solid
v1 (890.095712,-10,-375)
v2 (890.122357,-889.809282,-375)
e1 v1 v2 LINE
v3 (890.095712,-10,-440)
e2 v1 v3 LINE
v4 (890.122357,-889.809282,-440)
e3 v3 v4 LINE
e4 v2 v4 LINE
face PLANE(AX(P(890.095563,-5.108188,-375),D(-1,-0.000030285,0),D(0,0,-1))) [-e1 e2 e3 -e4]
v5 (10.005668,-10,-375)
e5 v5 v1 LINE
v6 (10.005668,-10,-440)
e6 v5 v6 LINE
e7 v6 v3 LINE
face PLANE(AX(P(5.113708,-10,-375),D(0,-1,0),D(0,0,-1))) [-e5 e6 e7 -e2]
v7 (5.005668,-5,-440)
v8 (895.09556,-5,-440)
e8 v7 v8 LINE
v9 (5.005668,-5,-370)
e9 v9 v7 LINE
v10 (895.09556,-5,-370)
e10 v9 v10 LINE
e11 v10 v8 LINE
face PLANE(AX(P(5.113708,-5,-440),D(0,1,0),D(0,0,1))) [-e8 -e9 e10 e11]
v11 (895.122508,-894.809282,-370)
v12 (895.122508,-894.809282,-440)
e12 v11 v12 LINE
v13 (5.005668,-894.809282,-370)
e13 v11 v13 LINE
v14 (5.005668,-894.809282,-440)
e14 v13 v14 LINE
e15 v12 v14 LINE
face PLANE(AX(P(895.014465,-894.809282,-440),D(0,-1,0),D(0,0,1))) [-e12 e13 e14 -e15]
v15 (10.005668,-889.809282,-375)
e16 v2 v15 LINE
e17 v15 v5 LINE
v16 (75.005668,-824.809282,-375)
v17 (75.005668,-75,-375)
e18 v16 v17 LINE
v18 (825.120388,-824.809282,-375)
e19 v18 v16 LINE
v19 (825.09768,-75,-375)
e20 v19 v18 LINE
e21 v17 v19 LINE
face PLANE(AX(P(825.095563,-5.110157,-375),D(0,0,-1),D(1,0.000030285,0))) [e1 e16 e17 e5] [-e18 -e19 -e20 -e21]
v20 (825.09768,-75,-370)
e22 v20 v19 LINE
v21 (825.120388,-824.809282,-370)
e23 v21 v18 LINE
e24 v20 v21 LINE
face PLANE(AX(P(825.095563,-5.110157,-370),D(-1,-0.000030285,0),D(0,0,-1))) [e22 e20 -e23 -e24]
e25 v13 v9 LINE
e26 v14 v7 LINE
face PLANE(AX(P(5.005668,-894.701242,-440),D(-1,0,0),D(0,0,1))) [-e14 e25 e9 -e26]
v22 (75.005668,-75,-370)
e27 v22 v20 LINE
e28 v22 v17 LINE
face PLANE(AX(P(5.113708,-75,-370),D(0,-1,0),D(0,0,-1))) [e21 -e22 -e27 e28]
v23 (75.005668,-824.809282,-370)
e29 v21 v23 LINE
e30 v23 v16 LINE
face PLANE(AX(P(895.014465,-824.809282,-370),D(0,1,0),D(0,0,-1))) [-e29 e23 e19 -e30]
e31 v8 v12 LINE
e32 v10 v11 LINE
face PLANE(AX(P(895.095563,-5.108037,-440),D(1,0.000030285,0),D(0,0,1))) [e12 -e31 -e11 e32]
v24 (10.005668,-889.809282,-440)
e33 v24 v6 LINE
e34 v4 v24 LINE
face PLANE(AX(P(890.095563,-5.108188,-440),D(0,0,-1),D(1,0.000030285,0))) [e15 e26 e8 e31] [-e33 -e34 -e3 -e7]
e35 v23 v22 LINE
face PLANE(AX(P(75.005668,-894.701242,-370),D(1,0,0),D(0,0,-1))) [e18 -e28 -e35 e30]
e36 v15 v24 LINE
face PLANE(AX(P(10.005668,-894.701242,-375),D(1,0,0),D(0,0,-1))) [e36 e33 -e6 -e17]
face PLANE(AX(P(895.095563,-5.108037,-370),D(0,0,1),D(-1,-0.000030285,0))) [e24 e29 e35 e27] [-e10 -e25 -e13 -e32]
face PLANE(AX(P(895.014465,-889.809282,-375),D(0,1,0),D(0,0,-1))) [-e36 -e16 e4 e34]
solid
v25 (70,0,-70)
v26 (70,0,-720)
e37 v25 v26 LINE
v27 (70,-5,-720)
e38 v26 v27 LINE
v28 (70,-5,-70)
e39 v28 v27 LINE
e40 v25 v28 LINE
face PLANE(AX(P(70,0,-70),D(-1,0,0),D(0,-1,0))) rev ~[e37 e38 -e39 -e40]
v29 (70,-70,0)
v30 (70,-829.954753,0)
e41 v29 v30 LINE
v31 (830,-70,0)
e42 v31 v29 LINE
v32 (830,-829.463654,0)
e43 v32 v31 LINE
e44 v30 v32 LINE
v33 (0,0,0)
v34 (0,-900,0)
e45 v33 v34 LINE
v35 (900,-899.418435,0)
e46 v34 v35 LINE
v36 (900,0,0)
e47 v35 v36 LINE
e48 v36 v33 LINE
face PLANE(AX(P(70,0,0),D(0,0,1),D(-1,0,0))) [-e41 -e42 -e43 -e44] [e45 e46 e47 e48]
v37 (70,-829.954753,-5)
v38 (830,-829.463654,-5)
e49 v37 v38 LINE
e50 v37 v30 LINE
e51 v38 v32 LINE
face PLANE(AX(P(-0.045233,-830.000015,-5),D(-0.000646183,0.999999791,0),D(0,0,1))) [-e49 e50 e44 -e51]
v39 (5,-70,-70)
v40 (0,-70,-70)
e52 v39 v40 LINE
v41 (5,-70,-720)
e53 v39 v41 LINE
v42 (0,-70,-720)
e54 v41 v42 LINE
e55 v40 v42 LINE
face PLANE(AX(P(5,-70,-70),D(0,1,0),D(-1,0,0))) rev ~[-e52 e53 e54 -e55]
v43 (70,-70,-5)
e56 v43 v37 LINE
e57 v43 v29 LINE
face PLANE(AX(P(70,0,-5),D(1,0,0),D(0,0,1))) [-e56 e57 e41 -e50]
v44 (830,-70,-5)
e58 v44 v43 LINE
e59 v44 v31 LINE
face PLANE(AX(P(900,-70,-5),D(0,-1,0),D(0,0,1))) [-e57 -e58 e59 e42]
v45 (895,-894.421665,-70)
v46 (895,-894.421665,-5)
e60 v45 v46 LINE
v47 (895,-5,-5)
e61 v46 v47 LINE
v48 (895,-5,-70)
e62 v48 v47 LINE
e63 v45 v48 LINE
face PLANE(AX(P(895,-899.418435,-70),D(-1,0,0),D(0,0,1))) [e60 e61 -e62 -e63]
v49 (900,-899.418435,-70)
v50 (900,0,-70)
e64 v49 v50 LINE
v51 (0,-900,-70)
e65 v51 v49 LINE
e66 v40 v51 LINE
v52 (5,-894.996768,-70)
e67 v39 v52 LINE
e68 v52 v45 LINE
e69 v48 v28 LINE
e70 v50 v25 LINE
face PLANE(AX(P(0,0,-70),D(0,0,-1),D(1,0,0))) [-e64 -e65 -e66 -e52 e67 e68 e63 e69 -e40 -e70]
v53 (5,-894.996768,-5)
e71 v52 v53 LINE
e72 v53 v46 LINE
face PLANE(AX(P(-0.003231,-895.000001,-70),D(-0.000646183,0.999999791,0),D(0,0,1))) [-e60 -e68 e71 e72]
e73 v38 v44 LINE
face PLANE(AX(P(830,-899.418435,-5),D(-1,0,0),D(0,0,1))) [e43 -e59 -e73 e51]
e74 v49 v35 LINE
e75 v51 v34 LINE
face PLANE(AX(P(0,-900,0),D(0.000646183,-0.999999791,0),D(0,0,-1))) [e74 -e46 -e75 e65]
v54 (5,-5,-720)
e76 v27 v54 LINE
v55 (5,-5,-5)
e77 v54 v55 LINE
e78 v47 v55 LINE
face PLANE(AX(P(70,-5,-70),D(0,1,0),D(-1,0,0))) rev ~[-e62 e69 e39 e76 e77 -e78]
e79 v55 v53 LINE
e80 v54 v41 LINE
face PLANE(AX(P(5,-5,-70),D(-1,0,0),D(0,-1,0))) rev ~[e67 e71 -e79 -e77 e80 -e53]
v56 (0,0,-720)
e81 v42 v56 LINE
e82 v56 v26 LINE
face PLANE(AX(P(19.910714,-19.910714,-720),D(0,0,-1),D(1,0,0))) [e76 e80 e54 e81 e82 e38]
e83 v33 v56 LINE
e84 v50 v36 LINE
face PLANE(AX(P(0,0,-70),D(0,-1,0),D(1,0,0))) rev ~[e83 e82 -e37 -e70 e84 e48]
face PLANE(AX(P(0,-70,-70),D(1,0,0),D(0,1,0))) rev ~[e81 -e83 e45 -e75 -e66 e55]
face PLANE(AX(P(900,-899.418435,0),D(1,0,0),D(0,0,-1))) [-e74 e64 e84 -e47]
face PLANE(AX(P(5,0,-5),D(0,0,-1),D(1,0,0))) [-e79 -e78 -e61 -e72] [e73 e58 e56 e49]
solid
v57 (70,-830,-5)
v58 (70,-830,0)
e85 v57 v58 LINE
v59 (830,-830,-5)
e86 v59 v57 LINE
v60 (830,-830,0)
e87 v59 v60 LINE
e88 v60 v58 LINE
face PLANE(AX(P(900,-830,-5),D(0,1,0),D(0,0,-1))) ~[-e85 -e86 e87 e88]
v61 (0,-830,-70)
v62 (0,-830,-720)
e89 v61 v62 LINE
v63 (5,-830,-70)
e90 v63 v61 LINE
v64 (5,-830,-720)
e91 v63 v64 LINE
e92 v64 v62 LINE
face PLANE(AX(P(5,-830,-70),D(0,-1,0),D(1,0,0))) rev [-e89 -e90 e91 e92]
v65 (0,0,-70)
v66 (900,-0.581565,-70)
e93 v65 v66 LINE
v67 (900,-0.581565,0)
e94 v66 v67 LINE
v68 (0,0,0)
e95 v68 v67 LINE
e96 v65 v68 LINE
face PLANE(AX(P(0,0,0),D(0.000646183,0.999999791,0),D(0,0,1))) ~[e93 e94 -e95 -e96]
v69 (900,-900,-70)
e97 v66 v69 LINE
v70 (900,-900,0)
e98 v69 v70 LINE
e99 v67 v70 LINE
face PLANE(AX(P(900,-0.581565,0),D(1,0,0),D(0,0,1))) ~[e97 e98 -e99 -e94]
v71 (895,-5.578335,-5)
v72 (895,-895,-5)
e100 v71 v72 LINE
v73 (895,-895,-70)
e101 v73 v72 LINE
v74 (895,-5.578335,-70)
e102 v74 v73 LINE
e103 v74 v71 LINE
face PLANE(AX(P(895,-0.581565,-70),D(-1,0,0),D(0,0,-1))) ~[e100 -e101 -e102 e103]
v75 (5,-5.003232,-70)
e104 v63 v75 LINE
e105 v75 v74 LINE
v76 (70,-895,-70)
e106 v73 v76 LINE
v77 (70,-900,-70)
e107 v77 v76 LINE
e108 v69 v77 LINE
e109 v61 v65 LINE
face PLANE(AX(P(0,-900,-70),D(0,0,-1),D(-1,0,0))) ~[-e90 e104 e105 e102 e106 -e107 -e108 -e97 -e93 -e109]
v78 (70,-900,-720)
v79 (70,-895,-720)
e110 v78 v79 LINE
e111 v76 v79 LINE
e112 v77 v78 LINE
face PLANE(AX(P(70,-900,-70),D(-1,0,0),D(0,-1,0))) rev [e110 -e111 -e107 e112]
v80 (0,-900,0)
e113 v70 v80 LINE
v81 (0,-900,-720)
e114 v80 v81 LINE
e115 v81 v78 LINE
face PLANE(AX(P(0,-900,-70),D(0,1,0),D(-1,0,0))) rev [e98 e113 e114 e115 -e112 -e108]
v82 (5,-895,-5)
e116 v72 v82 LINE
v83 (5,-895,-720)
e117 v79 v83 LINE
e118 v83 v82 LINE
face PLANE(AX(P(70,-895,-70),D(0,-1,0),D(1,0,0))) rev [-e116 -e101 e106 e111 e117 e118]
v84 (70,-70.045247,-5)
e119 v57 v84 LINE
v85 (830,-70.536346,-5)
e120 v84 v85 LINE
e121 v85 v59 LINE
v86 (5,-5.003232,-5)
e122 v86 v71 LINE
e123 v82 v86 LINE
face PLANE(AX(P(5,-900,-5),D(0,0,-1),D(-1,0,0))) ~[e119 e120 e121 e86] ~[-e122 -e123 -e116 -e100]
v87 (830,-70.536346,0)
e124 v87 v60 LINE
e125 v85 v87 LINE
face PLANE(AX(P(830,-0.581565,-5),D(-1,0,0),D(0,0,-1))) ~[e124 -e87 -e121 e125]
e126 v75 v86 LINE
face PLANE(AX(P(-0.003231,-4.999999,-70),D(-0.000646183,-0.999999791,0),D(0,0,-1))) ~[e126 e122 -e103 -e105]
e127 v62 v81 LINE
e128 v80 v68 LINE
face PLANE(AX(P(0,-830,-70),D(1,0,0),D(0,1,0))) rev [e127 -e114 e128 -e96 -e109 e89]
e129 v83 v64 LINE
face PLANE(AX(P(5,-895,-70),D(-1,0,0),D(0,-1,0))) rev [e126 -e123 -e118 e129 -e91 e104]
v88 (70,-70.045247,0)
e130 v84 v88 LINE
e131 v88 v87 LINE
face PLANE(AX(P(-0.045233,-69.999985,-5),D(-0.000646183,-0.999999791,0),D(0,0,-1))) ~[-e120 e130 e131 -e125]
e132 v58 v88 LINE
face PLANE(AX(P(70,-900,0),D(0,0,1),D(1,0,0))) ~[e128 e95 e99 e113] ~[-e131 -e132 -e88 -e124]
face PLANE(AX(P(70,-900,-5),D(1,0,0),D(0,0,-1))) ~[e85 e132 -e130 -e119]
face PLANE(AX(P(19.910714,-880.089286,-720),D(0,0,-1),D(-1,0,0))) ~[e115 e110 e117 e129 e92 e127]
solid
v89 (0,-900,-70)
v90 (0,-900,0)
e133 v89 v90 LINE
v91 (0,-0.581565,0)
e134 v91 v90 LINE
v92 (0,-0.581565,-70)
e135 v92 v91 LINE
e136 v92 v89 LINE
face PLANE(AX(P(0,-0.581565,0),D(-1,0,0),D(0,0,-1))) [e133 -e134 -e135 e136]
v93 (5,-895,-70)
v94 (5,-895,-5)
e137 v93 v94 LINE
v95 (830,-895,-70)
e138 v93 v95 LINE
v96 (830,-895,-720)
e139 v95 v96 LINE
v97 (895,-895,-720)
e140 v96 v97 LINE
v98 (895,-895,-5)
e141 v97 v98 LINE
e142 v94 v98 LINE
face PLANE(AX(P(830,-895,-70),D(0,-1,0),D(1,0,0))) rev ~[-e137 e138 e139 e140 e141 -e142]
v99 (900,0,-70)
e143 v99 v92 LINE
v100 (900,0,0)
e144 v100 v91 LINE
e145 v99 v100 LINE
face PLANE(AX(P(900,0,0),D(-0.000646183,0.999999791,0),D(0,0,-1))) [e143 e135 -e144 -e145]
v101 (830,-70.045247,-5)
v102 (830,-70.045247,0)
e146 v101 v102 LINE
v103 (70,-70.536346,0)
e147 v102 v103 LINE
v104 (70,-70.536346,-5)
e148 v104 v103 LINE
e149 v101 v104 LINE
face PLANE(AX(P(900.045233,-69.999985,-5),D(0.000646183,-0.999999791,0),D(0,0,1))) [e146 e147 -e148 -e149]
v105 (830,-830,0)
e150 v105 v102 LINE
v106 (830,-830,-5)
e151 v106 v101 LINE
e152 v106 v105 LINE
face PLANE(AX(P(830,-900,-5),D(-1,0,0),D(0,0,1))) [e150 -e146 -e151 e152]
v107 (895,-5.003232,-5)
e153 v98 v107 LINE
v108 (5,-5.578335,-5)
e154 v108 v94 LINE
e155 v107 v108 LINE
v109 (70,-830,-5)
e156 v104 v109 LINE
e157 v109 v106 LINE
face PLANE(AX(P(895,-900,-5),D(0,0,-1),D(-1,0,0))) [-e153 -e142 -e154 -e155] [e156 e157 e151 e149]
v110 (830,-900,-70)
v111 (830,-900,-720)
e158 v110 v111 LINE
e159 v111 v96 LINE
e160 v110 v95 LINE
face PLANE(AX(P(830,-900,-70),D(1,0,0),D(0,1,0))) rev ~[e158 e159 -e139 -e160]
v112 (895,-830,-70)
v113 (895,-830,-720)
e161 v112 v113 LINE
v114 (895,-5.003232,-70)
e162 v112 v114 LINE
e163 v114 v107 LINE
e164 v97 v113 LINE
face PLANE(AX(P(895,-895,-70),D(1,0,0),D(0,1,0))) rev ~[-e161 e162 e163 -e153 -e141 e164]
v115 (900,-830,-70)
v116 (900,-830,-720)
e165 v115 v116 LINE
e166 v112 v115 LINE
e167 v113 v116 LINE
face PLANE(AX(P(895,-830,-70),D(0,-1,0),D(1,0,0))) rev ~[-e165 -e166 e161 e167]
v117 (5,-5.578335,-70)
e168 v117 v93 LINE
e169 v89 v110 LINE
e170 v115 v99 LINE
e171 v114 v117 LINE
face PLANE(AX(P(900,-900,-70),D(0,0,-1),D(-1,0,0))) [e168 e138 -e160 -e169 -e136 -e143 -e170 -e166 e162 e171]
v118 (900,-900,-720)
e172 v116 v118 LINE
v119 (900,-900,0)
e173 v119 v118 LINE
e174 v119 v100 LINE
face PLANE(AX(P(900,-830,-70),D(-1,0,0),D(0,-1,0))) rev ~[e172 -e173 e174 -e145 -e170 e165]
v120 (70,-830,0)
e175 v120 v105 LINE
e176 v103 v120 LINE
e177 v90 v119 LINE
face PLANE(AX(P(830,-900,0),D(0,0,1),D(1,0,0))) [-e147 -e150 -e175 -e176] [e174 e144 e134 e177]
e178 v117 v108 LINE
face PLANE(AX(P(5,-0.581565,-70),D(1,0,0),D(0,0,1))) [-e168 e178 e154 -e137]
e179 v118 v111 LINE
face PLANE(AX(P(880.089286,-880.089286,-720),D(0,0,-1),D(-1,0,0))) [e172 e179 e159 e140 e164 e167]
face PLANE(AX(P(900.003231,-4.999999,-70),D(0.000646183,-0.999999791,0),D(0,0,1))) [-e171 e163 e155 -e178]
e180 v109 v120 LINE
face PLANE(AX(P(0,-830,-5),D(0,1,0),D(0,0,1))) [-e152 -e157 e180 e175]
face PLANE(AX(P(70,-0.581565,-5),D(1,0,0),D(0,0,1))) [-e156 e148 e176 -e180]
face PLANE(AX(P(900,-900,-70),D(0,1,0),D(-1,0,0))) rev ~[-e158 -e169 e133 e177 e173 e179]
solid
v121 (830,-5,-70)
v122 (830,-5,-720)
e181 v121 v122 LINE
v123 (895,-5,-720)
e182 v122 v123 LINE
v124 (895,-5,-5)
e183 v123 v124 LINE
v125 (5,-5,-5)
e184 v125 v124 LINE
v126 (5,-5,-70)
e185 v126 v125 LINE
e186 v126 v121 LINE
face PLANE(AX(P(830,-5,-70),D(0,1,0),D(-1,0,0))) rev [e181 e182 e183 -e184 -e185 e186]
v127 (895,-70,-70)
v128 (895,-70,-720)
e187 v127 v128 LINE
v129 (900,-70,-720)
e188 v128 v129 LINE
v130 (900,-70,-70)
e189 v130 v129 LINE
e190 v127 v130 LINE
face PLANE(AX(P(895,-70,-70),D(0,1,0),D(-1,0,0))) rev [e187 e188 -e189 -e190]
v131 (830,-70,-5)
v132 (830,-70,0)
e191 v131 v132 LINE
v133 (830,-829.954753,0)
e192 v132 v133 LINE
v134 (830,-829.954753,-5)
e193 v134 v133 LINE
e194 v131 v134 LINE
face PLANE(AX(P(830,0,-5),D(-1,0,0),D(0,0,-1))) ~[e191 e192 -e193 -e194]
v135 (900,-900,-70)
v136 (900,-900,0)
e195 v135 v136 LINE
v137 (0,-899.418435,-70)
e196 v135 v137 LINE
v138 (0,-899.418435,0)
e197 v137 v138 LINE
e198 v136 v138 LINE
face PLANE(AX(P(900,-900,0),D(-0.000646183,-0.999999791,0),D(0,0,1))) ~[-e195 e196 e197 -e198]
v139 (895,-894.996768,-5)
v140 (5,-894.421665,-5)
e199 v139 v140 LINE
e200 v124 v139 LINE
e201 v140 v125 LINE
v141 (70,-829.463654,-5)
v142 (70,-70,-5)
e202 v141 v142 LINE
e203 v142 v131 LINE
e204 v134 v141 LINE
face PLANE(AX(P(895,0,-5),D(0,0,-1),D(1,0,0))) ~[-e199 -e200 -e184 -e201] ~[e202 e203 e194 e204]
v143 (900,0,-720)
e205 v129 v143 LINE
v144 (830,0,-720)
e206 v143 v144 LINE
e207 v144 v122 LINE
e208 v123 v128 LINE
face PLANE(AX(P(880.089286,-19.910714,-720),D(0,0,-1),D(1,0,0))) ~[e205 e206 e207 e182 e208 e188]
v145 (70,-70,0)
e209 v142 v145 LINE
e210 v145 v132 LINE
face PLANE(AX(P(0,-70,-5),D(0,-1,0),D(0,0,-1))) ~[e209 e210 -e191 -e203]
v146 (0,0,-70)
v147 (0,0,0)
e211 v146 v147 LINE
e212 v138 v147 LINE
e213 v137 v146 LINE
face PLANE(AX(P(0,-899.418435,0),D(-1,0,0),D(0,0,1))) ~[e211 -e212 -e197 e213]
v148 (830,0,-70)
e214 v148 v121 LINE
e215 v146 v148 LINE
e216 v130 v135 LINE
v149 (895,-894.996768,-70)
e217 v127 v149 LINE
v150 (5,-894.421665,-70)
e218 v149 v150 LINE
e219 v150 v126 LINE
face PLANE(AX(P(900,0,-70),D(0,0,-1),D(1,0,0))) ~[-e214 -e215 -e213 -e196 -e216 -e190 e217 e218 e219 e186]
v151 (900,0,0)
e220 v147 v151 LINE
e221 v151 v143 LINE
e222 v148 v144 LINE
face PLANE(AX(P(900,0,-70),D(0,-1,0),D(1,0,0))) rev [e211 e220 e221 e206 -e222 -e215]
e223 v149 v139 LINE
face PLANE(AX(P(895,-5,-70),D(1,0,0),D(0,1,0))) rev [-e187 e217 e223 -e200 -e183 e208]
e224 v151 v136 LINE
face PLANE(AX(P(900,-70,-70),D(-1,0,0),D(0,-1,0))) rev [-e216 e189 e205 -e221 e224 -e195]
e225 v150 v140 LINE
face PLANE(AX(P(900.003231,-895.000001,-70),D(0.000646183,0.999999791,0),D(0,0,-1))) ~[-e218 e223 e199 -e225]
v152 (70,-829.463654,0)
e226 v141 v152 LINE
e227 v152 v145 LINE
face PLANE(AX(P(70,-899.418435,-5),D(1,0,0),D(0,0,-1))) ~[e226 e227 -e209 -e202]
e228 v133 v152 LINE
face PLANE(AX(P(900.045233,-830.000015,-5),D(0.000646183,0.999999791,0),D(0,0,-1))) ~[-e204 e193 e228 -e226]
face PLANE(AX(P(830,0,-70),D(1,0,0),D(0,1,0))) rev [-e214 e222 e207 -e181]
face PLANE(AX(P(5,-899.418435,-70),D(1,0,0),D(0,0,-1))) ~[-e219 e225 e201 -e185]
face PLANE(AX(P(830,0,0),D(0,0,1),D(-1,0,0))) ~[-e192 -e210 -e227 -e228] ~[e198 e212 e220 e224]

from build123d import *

# Parameters (mm, degrees)
F5_DEPTH = 650


with BuildPart() as f3:
    # F3: sweep along a path in F0
    with BuildLine(Plane.XY) as f3_path:
        Line((0, 0), (0, -900))
        Line((0, -900), (900, -899.4184353972))
        Line((900, -899.4184353972), (900, 0))
        Line((900, 0), (0, 0))
    # F2 (on offset) → F3 (sweep)
    with BuildSketch(Plane.XZ.offset(450)):
        Polygon((70, 0), (0, 0), (0, -70), (5, -70), (5, -5), (70, -5), align=None)
    sweep(path=f3_path.line, transition=Transition.RIGHT)

    # F4 (on face) → F5 (join)
    with BuildSketch(Plane(origin=(0, 0, -70), x_dir=(1, 0, 0), z_dir=(0, 0, -1))):
        Polygon((0, 70), (0, 0), (70, 0), (70, 5), (5, 5), (5, 70), align=None)
    extrude(amount=F5_DEPTH)


with BuildPart() as f6_1:
    # F6: instance of F3
    add(f3.part.mirror(Plane.XZ.offset(450)))


with BuildPart() as f8_1:
    # F8: instance of F6_1
    add(f6_1.part.mirror(Plane.YZ.offset(450)))


with BuildPart() as f8_2:
    # F8: instance of F3
    add(f3.part.mirror(Plane.YZ.offset(450)))


with BuildPart() as f12:
    # F12: sweep along a path in F11
    with BuildLine(Plane.XY.offset(-370)) as f12_path:
        Line((450.0871598721, -5.1080398262), (894.9875235558, -5.1080398262))
        Line((894.9875235558, -5.1080398262), (895.0144648552, -894.7012424469))
        Line((895.0144648552, -894.7012424469), (5.1137078553, -894.7012424469))
        Line((5.1137078553, -894.7012424469), (5.1137078553, -5.1080398262))
        Line((5.1137078553, -5.1080398262), (450.0871598721, -5.1080398262))
    # F9 (on offset) → F12 (sweep)
    with BuildSketch(Plane.YZ.offset(450)):
        Polygon((-5, -440), (-5, -370), (-75, -370), (-75, -375), (-10, -375), (-10, -440), align=None)
    sweep(path=f12_path.line, transition=Transition.RIGHT)


solid = Compound([f3.part, f6_1.part, f8_1.part, f8_2.part, f12.part])
